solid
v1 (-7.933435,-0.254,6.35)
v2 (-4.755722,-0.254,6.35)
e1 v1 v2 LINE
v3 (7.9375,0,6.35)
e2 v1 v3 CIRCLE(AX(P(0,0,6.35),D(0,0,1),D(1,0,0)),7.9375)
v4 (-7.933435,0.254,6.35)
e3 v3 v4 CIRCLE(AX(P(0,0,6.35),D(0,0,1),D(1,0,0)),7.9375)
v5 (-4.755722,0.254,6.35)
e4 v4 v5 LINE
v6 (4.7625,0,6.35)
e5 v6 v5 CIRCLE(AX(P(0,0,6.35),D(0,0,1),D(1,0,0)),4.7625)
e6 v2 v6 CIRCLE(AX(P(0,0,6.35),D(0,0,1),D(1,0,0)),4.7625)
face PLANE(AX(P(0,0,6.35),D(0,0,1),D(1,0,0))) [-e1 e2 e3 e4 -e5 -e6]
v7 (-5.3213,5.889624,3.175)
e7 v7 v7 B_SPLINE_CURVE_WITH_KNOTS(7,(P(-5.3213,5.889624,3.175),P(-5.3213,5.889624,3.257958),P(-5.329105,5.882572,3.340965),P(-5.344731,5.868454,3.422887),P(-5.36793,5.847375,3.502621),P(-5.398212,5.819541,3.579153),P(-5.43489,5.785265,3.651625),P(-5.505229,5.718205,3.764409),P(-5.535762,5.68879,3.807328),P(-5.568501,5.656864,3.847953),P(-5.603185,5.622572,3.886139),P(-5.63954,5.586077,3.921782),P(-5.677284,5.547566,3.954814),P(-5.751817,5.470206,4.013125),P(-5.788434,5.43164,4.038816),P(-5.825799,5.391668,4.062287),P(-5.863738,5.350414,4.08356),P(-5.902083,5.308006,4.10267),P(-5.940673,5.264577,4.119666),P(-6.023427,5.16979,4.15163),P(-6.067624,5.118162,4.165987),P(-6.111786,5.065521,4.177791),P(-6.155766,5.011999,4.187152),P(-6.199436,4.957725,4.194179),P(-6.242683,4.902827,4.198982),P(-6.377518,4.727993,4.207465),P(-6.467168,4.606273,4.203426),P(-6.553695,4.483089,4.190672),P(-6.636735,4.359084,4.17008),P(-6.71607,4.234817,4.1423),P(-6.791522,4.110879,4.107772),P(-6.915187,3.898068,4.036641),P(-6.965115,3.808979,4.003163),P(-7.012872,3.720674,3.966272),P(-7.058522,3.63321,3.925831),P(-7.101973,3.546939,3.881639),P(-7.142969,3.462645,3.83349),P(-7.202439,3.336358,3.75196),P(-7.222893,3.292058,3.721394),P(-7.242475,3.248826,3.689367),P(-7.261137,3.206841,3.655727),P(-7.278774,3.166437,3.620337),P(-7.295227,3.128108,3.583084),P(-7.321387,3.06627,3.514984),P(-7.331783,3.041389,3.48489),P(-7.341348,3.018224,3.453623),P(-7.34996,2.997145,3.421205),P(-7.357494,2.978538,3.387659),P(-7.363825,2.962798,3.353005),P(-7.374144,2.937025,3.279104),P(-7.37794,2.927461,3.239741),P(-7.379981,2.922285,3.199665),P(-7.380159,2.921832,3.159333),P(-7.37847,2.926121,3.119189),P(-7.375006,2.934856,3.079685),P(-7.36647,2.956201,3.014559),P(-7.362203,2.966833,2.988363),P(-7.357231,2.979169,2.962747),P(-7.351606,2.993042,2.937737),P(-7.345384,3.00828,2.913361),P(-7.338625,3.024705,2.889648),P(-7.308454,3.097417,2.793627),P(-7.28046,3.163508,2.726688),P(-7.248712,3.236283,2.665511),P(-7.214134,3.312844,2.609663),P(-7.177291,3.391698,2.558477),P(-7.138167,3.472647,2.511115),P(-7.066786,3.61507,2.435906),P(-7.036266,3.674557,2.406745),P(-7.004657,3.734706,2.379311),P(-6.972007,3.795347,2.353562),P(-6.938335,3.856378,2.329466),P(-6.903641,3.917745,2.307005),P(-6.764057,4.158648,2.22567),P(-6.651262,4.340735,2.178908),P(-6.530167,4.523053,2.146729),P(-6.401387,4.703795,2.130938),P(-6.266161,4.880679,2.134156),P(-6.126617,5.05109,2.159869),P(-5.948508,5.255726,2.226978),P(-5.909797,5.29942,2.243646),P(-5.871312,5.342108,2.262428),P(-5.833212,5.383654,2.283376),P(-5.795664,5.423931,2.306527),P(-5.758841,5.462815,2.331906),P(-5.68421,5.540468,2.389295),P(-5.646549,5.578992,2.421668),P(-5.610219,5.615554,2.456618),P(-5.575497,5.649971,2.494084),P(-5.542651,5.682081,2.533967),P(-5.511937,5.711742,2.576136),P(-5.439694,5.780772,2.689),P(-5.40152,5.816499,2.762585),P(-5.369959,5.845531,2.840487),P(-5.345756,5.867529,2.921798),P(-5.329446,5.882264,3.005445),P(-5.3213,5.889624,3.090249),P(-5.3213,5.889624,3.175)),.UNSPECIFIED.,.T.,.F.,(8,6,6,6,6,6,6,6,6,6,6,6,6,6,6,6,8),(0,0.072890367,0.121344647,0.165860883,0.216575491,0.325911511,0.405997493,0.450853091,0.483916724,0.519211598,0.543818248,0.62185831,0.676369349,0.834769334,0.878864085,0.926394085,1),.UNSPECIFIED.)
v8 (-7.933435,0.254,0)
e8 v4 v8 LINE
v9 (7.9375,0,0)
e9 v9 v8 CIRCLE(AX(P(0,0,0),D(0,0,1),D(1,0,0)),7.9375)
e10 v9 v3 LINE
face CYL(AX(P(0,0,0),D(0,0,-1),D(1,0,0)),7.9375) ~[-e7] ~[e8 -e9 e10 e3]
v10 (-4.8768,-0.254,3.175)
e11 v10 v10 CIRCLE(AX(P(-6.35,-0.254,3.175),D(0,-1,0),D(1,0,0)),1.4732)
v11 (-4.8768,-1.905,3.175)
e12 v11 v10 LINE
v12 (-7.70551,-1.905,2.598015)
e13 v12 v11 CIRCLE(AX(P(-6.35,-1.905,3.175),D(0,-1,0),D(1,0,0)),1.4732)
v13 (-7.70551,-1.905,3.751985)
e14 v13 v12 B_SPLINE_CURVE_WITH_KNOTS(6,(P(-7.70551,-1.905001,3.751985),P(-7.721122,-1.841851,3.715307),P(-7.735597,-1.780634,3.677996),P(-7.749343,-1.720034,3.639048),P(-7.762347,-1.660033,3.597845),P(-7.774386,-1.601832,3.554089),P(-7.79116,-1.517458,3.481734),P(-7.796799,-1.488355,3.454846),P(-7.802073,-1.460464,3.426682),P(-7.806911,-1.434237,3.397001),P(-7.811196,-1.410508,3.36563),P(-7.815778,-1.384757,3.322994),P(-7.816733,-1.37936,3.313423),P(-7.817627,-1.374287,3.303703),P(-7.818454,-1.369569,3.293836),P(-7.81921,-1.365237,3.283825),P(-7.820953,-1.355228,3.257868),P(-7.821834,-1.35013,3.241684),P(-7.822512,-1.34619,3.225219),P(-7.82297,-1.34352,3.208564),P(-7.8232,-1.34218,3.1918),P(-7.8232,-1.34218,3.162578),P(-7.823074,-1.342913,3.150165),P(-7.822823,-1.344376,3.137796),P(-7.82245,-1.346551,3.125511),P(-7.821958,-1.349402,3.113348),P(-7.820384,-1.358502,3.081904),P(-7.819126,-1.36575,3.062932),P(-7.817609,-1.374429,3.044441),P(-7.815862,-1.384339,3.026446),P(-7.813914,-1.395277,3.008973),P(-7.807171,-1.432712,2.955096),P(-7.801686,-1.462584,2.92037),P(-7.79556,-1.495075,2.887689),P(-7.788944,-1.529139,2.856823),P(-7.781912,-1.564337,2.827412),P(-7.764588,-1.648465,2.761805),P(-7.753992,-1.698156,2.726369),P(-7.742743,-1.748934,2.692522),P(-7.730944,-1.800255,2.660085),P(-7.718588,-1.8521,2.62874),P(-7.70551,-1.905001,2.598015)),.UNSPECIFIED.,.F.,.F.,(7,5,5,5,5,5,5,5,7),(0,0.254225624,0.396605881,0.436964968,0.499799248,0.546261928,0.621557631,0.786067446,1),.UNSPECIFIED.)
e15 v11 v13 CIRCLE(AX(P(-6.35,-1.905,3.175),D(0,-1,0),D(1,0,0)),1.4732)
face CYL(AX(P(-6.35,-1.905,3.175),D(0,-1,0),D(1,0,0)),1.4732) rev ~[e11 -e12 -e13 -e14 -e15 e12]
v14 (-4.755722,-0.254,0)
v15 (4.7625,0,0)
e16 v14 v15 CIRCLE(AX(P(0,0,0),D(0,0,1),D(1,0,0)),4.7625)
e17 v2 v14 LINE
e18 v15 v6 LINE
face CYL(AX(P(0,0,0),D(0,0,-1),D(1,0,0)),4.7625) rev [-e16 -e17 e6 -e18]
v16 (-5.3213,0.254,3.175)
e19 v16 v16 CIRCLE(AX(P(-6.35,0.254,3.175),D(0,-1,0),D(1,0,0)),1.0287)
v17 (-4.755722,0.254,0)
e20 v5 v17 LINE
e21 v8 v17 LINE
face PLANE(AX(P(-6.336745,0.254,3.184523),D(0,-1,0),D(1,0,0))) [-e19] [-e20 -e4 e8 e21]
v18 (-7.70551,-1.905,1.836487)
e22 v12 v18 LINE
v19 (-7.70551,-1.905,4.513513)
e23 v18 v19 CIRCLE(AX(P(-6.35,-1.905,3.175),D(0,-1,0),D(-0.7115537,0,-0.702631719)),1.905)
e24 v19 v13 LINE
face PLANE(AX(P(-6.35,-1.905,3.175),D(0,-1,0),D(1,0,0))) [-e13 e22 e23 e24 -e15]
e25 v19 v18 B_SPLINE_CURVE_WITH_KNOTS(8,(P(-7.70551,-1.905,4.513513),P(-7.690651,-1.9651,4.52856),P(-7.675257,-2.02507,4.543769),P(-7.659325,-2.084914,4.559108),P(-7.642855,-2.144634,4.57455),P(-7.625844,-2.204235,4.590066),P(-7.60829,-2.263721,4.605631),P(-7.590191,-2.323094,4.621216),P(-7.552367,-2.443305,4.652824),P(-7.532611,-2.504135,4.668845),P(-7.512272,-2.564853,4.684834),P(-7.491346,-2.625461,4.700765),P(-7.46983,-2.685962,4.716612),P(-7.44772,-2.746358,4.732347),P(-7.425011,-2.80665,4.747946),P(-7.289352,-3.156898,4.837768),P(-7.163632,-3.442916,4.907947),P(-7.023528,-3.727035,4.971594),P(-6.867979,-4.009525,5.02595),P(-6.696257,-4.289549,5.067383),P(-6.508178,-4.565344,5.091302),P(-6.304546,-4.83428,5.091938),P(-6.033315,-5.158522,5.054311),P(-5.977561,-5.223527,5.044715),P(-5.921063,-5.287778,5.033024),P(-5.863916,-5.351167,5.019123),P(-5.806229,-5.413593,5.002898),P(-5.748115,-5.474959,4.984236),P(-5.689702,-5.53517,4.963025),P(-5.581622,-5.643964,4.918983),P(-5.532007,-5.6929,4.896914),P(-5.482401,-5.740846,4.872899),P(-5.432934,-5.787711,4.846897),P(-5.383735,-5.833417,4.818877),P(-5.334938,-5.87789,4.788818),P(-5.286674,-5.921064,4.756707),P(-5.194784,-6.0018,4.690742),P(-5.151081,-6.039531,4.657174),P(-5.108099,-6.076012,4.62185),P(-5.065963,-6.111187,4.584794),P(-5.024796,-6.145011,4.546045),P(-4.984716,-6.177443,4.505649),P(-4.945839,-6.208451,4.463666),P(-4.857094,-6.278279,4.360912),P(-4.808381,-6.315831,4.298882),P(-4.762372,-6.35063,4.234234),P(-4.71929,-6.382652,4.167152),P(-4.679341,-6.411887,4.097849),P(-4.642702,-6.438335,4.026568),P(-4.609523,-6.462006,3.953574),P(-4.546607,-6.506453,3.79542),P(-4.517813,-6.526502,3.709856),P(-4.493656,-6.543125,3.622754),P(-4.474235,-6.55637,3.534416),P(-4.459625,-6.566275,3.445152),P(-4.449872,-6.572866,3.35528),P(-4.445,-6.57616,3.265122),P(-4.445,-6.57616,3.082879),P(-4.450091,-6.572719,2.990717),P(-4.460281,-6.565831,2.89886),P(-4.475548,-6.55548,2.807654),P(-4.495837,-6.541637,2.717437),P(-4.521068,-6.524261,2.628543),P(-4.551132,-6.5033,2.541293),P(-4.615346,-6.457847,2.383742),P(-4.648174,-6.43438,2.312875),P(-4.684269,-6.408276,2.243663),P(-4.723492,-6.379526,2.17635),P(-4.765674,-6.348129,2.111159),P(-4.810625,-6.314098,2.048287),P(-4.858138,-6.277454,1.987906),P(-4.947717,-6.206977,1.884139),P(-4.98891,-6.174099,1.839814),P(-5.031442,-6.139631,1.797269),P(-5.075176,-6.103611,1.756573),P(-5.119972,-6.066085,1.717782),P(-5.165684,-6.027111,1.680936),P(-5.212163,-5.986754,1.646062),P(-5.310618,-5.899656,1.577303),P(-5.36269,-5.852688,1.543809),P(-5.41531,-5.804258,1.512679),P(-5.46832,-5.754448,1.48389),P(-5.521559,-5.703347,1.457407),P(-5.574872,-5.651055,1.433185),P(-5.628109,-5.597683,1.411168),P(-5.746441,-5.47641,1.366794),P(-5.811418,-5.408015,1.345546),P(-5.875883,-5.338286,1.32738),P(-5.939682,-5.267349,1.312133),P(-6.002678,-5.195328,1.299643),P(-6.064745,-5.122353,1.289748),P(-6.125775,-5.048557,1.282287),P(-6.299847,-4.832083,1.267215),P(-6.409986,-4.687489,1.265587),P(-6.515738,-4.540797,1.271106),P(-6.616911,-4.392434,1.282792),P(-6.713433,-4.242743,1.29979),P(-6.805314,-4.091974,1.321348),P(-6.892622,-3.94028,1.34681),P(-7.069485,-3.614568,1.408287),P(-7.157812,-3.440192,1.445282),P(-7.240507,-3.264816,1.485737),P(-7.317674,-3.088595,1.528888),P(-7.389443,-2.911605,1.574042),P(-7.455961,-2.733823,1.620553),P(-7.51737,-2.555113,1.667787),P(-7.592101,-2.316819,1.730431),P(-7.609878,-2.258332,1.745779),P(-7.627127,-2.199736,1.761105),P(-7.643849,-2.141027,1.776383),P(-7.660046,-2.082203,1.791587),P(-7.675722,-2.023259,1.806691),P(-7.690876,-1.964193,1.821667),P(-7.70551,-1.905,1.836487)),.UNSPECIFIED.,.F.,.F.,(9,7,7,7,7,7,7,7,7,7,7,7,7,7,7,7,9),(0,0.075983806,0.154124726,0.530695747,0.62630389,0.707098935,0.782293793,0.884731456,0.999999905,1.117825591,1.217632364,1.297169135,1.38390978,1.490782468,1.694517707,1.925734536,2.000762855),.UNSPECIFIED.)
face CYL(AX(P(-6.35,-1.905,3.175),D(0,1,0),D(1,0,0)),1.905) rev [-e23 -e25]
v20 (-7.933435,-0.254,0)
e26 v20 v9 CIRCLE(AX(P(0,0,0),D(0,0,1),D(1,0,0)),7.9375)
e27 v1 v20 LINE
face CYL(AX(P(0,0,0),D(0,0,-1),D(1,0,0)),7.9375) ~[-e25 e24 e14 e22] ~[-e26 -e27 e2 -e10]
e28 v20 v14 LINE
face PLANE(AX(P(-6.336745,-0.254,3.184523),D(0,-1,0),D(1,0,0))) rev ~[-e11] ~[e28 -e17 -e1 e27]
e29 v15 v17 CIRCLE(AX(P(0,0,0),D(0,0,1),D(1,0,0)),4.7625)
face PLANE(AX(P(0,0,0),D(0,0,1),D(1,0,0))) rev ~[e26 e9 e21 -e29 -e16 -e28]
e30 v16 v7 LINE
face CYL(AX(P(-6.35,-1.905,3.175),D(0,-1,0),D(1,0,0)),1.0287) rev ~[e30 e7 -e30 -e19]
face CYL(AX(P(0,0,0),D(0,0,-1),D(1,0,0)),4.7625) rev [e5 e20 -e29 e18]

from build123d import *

# Parameters (mm, degrees)
F0_R     = 7.9375
F0_R_2   = 4.7625
F1_DEPTH = 6.35
F3_R     = 1.905
F4_DEPTH = 25.4
F5_W     = 3.218135
F5_H     = 6.369046
F6_DEPTH = 0.254
F7_R     = 1.0287
F8_DEPTH = 25.4
F7_R_2   = 1.4732
F9_DEPTH = 1.778


with BuildPart() as f1:
    # F0 (on Top) → F1 (new body)
    with BuildSketch(Plane.XY):
        Circle(F0_R)
        Circle(F0_R_2, mode=Mode.SUBTRACT)
    extrude(amount=F1_DEPTH)

    # F3 (on offset) → F4 (cut)
    with BuildSketch(Plane.XZ.offset(1.905)):
        with Locations((-6.35, 3.175)):
            Circle(F3_R)
    extrude(amount=F4_DEPTH, mode=Mode.SUBTRACT)

    # F5 (on Front) → F6 (cut, symmetric)
    with BuildSketch(Plane.XZ):
        with Locations((-6.336745, 3.184523)):
            Rectangle(F5_W, F5_H)
    extrude(amount=F6_DEPTH, both=True, mode=Mode.SUBTRACT)

    # F7 (on face) → F8 (cut)
    with BuildSketch(Plane.XZ.offset(1.905)):
        with Locations((-6.35, 3.175)):
            Circle(F7_R)
    extrude(amount=-F8_DEPTH, mode=Mode.SUBTRACT)

    # F7 (on face) → F9 (cut)
    with BuildSketch(Plane.XZ.offset(1.905)):
        with Locations((-6.35, 3.175)):
            Circle(F7_R_2)
        with Locations((-6.35, 3.175)):
            Circle(F7_R, mode=Mode.SUBTRACT)
    extrude(amount=-F9_DEPTH, mode=Mode.SUBTRACT)


solid = f1.part
